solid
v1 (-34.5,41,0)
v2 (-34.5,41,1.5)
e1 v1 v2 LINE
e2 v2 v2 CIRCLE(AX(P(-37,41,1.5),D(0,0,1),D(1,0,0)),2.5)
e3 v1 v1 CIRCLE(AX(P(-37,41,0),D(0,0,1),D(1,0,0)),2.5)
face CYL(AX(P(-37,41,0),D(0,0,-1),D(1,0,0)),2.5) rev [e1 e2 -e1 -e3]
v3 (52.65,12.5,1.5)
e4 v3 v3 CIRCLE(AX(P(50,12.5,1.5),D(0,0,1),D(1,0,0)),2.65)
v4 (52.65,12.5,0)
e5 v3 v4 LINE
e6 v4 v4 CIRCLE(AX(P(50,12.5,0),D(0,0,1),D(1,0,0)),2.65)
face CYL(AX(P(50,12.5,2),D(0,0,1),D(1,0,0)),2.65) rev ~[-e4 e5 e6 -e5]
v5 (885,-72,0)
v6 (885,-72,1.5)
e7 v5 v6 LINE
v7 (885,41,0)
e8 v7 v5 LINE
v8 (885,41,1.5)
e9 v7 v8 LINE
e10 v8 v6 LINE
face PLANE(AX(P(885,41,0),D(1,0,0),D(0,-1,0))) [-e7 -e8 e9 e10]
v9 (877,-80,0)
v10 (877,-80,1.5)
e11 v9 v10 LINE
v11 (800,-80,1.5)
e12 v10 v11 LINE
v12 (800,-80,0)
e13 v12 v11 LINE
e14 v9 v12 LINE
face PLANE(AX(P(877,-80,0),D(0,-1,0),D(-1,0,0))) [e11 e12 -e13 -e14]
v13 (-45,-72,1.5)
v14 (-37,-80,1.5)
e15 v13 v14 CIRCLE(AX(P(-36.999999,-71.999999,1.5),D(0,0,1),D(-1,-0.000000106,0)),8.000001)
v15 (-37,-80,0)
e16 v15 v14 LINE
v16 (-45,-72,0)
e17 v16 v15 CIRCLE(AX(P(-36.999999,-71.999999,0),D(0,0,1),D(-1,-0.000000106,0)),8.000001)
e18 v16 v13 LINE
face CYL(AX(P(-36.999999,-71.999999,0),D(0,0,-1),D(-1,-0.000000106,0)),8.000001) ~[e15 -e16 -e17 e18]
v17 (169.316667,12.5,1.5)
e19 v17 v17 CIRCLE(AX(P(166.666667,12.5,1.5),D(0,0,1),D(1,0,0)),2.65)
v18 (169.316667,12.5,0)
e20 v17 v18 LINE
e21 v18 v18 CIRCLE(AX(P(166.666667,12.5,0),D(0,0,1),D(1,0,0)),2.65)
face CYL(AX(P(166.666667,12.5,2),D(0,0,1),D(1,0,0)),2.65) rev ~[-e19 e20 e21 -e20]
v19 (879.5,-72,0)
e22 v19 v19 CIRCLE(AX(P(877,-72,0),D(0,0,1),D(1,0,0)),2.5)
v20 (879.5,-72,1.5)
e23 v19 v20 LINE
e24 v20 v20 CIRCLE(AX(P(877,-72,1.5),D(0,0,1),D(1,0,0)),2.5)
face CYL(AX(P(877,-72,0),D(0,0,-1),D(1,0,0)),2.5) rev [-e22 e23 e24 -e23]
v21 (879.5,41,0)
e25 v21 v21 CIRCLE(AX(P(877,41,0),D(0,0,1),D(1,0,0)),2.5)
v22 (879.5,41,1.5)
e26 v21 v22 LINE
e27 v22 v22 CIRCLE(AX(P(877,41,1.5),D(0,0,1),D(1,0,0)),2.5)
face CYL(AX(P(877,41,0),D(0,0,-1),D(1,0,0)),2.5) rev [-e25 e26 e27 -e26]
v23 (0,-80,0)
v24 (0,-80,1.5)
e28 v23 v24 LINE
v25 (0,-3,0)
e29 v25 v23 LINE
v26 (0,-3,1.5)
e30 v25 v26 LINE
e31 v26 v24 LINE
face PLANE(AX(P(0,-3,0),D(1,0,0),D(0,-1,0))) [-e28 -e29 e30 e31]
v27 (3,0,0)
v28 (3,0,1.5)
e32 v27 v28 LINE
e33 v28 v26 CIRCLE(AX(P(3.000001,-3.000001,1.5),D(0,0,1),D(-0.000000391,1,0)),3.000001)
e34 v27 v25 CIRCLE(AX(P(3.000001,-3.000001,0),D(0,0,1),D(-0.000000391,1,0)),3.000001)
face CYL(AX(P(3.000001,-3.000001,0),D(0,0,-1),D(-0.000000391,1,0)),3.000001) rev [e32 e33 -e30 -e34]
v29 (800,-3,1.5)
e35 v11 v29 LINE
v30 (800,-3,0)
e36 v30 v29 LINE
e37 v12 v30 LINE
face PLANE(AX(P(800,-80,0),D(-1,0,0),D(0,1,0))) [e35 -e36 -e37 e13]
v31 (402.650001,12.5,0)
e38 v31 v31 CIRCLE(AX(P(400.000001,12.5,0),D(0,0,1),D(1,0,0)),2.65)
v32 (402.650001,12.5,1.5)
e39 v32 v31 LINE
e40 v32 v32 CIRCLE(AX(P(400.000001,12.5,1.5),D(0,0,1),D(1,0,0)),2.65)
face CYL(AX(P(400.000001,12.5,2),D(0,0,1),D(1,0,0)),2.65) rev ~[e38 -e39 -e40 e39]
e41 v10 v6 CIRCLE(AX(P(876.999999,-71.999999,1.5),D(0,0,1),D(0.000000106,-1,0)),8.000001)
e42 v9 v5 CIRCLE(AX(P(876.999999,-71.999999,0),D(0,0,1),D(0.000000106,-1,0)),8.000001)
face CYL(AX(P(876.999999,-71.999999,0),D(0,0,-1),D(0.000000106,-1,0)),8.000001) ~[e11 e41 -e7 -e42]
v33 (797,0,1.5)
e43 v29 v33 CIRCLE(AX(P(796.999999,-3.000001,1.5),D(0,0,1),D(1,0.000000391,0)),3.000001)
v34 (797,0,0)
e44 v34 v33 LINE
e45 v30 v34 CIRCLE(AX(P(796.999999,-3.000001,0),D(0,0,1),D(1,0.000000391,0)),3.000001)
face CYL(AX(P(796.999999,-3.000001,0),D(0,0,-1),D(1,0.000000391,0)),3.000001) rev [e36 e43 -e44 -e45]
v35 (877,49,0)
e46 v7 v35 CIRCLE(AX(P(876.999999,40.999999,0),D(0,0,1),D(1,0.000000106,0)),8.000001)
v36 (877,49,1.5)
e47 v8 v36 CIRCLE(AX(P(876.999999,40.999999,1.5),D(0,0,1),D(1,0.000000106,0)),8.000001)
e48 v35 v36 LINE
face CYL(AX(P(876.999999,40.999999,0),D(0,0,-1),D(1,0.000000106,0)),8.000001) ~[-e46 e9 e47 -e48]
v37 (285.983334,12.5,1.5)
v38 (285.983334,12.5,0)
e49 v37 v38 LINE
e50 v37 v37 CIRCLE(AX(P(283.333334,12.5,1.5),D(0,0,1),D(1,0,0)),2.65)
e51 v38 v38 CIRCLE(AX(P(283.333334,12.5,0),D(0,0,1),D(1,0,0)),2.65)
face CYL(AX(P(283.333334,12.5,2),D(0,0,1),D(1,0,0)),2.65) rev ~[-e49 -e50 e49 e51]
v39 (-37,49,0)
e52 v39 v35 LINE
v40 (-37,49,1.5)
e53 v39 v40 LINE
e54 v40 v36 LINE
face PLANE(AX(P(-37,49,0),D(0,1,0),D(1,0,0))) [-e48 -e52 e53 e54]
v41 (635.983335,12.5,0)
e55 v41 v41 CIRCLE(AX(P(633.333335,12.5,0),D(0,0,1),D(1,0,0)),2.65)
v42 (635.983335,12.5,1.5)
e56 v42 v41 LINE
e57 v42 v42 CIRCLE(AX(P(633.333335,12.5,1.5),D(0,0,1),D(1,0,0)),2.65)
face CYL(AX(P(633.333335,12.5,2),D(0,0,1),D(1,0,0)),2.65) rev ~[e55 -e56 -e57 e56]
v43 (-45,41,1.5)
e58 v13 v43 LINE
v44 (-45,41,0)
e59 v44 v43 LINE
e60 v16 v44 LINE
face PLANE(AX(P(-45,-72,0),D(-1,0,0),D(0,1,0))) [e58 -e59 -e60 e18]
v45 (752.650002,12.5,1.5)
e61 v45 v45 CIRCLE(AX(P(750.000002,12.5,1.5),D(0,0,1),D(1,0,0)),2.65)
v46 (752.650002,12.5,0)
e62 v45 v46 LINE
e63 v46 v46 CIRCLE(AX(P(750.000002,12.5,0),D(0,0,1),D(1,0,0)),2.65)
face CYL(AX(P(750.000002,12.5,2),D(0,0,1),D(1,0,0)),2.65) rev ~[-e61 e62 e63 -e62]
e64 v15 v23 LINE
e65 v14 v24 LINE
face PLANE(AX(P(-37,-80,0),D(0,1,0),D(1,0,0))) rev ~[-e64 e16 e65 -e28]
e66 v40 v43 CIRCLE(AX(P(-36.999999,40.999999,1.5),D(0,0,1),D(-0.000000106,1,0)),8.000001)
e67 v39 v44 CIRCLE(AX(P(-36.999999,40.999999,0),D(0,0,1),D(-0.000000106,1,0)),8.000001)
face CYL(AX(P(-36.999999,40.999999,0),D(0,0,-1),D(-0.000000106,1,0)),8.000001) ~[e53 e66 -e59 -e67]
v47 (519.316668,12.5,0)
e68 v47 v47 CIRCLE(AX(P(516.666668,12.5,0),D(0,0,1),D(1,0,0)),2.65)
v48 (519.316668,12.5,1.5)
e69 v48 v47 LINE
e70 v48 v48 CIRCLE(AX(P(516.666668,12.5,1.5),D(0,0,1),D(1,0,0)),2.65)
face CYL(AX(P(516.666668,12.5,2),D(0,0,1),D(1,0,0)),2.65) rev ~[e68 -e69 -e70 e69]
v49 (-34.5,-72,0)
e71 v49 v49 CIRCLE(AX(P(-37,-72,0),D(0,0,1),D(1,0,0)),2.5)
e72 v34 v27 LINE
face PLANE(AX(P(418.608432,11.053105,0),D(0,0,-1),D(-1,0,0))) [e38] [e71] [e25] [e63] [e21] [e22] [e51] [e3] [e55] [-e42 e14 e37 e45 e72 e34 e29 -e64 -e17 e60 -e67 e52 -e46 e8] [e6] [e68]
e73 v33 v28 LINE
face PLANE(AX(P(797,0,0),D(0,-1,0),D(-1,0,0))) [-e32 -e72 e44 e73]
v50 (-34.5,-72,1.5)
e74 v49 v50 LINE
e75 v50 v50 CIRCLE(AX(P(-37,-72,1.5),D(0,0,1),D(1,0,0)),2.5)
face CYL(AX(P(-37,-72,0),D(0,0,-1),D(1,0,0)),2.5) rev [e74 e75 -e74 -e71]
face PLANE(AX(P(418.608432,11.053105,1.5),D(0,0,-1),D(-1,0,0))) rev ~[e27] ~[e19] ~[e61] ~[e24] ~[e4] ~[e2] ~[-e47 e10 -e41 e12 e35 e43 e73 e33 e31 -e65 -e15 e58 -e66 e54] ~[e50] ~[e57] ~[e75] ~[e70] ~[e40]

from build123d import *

# Parameters (mm, degrees)
SKETCH_R            = 2.5
PAD_DEPTH           = 1.5
SKETCH001_R         = 2.65
HOLE_DEPTH          = 25
LINEARPATTERN_COUNT = 7
LINEARPATTERN_PITCH = 116.666667


with BuildPart() as part:
    # Sketch → Pad (new body)
    with BuildSketch(Plane.XY):
        with BuildLine():
            Line((0, -3), (0, -80))
            Line((-37, -80), (0, -80))
            ThreePointArc((-45, -72), (-42.656854, -77.656854), (-37, -80))
            Line((-45, -72), (-45, 41))
            ThreePointArc((-37, 49), (-42.656854, 46.656854), (-45, 41))
            Line((-37, 49), (877, 49))
            ThreePointArc((885, 41), (882.656854, 46.656854), (877, 49))
            Line((885, 41), (885, -72))
            ThreePointArc((877, -80), (882.656854, -77.656854), (885, -72))
            Line((877, -80), (800, -80))
            Line((800, -80), (800, -3))
            ThreePointArc((800, -3), (799.12132, -0.87868), (797, 0))
            Line((797, 0), (3, 0))
            ThreePointArc((3, 0), (0.87868, -0.87868), (0, -3))
        make_face()
        with Locations((-37, 41)):
            Circle(SKETCH_R, mode=Mode.SUBTRACT)
        with Locations((-37, -72)):
            Circle(SKETCH_R, mode=Mode.SUBTRACT)
        with Locations((877, -72)):
            Circle(SKETCH_R, mode=Mode.SUBTRACT)
        with Locations((877, 41)):
            Circle(SKETCH_R, mode=Mode.SUBTRACT)
    extrude(amount=PAD_DEPTH)

    # Sketch001 → Hole (cut)
    with BuildSketch(Plane.XY.offset(2)):
        with Locations((50, 12.5)):
            Circle(SKETCH001_R)
    hole = extrude(amount=-HOLE_DEPTH, mode=Mode.SUBTRACT)

    # LinearPattern: Hole ×7
    with Locations(*[(i * LINEARPATTERN_PITCH, 0, 0) for i in range(1, LINEARPATTERN_COUNT)]):
        add(hole, mode=Mode.SUBTRACT)


solid = part.part
